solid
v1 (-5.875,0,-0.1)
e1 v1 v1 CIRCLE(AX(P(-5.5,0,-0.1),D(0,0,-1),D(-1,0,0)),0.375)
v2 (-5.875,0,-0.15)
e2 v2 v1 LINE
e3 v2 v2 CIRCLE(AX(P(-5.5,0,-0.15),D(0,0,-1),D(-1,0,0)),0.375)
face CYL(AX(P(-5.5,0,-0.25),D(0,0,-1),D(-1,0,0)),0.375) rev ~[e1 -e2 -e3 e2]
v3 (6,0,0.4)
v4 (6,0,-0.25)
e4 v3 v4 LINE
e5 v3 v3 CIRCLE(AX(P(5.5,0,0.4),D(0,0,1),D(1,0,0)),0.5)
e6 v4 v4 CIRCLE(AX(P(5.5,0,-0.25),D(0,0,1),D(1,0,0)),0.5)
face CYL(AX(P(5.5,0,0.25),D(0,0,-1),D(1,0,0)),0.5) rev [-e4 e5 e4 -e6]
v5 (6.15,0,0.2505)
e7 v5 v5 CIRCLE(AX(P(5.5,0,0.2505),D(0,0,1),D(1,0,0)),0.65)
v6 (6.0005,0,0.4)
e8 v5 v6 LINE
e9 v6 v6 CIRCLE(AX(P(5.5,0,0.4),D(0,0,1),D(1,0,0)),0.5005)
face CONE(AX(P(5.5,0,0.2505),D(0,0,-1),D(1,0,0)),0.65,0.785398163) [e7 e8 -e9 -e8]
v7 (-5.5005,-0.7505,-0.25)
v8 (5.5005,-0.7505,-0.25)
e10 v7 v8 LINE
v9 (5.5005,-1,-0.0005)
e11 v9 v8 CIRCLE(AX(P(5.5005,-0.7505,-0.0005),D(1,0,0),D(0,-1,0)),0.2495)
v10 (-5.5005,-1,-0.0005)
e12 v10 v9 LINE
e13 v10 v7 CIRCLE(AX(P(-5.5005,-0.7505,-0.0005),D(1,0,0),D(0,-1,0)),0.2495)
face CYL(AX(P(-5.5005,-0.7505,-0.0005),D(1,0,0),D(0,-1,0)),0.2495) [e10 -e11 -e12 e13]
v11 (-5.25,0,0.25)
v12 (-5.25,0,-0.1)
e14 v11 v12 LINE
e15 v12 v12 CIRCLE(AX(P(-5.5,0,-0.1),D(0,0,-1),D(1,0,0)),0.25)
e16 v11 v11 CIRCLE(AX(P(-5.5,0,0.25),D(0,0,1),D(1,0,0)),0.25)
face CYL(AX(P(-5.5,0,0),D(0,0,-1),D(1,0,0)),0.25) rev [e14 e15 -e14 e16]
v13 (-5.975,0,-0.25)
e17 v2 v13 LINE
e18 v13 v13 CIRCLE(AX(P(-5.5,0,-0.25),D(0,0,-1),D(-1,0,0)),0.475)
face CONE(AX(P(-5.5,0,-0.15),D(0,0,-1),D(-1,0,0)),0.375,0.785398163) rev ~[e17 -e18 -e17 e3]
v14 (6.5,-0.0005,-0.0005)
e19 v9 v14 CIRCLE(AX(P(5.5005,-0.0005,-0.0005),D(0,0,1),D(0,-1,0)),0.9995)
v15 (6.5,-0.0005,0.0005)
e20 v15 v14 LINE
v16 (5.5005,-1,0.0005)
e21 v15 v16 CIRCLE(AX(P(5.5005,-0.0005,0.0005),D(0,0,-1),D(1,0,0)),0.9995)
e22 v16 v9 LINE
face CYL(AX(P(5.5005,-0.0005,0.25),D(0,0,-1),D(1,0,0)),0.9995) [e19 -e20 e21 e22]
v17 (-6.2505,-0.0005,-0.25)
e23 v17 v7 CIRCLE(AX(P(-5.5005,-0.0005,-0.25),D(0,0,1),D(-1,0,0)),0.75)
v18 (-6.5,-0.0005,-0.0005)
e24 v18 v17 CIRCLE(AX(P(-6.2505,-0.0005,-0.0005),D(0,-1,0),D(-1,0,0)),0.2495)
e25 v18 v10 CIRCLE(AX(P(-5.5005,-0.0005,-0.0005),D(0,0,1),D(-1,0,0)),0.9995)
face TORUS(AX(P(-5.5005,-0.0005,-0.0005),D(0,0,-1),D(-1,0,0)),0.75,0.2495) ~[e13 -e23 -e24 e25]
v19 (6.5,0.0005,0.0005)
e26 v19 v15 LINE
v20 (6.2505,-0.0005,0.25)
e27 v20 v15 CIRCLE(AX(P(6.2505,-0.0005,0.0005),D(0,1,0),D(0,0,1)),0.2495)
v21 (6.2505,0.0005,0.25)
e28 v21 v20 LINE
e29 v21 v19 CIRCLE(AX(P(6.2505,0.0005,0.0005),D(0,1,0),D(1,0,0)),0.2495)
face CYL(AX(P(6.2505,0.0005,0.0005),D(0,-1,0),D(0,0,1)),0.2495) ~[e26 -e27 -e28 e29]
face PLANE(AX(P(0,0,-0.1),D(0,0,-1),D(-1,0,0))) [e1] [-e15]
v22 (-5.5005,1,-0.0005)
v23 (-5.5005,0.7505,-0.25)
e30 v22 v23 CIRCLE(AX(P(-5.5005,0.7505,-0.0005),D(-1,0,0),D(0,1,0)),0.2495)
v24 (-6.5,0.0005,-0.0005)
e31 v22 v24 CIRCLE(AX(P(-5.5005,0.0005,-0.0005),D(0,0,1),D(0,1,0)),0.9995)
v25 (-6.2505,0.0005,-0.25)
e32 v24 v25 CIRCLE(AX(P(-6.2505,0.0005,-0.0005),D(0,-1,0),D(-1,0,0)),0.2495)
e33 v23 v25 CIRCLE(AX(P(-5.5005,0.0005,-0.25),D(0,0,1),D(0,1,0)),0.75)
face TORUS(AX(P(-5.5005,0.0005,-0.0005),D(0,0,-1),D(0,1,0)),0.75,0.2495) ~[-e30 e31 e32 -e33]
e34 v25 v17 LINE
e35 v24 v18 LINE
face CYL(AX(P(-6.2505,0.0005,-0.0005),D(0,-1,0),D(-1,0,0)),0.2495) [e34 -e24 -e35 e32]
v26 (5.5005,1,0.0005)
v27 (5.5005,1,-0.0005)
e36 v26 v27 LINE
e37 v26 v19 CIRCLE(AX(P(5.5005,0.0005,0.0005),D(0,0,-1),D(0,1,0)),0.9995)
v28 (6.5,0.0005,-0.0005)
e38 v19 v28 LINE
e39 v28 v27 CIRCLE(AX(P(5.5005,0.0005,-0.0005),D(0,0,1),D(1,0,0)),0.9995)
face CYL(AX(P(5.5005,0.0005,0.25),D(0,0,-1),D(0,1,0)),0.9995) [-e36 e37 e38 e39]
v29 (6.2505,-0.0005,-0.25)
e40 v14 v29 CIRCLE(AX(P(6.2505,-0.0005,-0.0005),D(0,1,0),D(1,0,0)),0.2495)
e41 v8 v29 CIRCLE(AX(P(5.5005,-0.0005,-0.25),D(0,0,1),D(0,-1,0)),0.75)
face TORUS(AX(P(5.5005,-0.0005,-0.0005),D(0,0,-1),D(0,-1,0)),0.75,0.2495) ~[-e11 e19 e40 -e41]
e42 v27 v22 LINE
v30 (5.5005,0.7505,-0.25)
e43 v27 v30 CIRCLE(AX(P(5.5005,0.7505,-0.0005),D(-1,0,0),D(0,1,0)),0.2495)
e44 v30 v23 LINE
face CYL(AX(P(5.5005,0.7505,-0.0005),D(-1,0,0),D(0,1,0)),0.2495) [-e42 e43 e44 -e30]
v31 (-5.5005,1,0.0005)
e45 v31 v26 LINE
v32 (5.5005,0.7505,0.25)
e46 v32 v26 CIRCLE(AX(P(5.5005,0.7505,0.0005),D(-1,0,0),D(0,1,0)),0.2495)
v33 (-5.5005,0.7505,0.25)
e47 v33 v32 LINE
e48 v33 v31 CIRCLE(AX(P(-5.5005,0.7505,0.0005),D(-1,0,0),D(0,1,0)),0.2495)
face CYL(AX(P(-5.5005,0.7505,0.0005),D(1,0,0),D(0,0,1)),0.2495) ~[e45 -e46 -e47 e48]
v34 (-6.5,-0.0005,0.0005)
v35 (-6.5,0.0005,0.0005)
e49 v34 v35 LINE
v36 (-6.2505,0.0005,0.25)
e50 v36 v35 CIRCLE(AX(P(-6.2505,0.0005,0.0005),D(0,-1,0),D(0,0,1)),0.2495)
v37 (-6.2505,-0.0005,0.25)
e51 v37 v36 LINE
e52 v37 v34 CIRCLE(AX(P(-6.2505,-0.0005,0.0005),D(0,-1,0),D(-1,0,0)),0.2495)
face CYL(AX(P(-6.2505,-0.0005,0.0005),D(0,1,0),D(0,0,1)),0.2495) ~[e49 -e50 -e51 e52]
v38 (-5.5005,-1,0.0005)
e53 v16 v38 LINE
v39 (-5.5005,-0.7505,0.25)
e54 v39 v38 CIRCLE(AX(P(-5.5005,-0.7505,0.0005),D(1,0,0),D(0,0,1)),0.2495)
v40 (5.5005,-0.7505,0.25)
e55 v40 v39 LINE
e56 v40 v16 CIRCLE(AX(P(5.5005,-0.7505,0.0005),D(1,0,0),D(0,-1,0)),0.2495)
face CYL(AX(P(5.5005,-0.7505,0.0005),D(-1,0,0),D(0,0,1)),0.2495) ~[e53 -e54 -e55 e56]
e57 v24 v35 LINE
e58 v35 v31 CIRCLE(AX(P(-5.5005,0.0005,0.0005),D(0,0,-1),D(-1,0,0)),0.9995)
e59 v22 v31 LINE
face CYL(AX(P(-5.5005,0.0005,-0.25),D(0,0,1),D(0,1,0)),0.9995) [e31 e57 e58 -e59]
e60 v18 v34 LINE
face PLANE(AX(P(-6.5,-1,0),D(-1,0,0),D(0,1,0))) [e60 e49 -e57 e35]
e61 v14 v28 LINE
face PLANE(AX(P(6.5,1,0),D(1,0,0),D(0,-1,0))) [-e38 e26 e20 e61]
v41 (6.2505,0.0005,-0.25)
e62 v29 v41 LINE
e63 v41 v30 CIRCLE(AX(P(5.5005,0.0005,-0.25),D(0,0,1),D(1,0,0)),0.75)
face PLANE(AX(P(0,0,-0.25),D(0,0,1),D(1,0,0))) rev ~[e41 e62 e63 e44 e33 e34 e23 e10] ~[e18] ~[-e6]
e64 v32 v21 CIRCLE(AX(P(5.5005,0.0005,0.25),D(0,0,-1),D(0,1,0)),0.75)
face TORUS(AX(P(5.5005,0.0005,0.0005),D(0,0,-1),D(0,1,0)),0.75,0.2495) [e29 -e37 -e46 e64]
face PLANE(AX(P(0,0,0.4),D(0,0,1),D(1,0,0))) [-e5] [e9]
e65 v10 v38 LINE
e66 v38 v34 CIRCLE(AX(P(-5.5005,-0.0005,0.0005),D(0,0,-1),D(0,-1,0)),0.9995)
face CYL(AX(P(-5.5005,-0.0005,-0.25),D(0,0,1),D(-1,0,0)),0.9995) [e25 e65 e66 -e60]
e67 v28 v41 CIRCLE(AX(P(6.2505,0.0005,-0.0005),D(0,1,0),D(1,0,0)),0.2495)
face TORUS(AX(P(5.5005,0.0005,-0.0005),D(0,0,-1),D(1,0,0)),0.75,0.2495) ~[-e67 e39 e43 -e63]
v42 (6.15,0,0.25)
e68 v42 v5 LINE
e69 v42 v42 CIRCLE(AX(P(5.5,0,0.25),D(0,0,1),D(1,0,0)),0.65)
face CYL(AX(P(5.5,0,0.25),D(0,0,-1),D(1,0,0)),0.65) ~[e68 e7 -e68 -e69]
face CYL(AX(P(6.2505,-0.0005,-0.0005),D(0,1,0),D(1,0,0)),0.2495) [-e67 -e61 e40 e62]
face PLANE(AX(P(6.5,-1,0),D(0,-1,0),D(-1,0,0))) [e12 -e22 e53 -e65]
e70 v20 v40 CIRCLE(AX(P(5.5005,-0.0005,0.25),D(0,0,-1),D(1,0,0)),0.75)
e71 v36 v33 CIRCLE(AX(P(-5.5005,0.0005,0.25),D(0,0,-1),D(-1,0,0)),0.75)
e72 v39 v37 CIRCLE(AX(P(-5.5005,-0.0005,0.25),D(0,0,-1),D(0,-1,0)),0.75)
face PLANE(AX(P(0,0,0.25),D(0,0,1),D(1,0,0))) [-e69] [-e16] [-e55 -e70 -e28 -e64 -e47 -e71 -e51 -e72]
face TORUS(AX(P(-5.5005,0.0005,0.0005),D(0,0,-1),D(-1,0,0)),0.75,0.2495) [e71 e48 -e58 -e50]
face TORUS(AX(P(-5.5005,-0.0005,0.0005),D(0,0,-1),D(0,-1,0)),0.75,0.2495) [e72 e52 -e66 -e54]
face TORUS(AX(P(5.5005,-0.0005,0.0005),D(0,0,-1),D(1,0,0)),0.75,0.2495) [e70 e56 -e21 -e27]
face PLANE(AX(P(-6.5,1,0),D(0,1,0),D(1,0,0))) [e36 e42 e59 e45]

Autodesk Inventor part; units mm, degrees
ref_plane "YZ Plane" through (0, 0, 0) normal (1, 0, 0) x (0, 1, 0)
ref_plane "XZ Plane" through (0, 0, 0) normal (0, 1, 0) x (-1, 0, 0)
ref_plane "XY Plane" through (0, 0, 0) normal (0, 0, 1) x (1, 0, 0)
sketch "Sketch1" plane through (0, 0, 0) normal (0, 0, 1) x (1, 0, 0)
  line L0 (-6.5, 1) -> (6.5, 1)
  line L1 (6.5, 1) -> (6.5, -1)
  line L2 (6.5, -1) -> (-6.5, -1)
  line L3 (-6.5, -1) -> (-6.5, 1)
  circle A0 centre (-5.5, 0) radius 0.25
  circle A1 centre (5.5, 0) radius 0.5
  point P0 (0, 0)
  point P1 (0, 1)
  point P2 (-6.5, 0)
  dimension "d0" = 2
  dimension "d1" = 0.5
  dimension "d2" = 1
  dimension "d7" = 13
  dimension "d8" = 1
  dimension "d12" = 1
extrude "Extrusion1" add sketch "Sketch1" along normal mid plane 0.5
fillet "Fillet1" radius 1 4 edges at (6.5, 1, 0) (6.5, -1, 0) (-6.5, 1, 0) (-6.5, -1, 0)
sketch "Sketch3" plane through (0, 0, 0.25) normal (0, 0, 1) x (1, 0, 0)
  circle A0 centre (5.5, 0) radius 0.5 projected
  circle A1 centre (5.5, 0) radius 0.65
  point P0 (0, 0)
  dimension "d13" = 1.3
extrude "Extrusion2" add sketch "Sketch3" along normal blind 0.15
chamfer "Chamfer1" distance 0.15 angle 45 1 edges at (4.85, 0, 0.4)
fillet "Fillet2" radius 0.25 8 edges at (-6.2073, 0.7073, -0.25) (0, 1, -0.25) (6.2073, 0.7073, -0.25) (0, -1, -0.25) (6.2073, 0.7073, 0.25) (0, 1, 0.25) (-6.2073, 0.7073, 0.25) (0, -1, 0.25)
sketch "Sketch4" plane through (0, 0, -0.25) normal (0, 0, -1) x (-1, 0, 0)
  circle A0 centre (5.5, 0) radius 0.25 projected
  circle A1 centre (5.5, 0) radius 0.375
  point P0 (0, 0)
  dimension "d20" = 0.75
extrude "Extrusion3" cut sketch "Sketch4" against normal blind 0.15
chamfer "Chamfer3" distance 0.1 angle 45 1 edges at (-5.125, 0, -0.25)
properties part number "Link_2"
